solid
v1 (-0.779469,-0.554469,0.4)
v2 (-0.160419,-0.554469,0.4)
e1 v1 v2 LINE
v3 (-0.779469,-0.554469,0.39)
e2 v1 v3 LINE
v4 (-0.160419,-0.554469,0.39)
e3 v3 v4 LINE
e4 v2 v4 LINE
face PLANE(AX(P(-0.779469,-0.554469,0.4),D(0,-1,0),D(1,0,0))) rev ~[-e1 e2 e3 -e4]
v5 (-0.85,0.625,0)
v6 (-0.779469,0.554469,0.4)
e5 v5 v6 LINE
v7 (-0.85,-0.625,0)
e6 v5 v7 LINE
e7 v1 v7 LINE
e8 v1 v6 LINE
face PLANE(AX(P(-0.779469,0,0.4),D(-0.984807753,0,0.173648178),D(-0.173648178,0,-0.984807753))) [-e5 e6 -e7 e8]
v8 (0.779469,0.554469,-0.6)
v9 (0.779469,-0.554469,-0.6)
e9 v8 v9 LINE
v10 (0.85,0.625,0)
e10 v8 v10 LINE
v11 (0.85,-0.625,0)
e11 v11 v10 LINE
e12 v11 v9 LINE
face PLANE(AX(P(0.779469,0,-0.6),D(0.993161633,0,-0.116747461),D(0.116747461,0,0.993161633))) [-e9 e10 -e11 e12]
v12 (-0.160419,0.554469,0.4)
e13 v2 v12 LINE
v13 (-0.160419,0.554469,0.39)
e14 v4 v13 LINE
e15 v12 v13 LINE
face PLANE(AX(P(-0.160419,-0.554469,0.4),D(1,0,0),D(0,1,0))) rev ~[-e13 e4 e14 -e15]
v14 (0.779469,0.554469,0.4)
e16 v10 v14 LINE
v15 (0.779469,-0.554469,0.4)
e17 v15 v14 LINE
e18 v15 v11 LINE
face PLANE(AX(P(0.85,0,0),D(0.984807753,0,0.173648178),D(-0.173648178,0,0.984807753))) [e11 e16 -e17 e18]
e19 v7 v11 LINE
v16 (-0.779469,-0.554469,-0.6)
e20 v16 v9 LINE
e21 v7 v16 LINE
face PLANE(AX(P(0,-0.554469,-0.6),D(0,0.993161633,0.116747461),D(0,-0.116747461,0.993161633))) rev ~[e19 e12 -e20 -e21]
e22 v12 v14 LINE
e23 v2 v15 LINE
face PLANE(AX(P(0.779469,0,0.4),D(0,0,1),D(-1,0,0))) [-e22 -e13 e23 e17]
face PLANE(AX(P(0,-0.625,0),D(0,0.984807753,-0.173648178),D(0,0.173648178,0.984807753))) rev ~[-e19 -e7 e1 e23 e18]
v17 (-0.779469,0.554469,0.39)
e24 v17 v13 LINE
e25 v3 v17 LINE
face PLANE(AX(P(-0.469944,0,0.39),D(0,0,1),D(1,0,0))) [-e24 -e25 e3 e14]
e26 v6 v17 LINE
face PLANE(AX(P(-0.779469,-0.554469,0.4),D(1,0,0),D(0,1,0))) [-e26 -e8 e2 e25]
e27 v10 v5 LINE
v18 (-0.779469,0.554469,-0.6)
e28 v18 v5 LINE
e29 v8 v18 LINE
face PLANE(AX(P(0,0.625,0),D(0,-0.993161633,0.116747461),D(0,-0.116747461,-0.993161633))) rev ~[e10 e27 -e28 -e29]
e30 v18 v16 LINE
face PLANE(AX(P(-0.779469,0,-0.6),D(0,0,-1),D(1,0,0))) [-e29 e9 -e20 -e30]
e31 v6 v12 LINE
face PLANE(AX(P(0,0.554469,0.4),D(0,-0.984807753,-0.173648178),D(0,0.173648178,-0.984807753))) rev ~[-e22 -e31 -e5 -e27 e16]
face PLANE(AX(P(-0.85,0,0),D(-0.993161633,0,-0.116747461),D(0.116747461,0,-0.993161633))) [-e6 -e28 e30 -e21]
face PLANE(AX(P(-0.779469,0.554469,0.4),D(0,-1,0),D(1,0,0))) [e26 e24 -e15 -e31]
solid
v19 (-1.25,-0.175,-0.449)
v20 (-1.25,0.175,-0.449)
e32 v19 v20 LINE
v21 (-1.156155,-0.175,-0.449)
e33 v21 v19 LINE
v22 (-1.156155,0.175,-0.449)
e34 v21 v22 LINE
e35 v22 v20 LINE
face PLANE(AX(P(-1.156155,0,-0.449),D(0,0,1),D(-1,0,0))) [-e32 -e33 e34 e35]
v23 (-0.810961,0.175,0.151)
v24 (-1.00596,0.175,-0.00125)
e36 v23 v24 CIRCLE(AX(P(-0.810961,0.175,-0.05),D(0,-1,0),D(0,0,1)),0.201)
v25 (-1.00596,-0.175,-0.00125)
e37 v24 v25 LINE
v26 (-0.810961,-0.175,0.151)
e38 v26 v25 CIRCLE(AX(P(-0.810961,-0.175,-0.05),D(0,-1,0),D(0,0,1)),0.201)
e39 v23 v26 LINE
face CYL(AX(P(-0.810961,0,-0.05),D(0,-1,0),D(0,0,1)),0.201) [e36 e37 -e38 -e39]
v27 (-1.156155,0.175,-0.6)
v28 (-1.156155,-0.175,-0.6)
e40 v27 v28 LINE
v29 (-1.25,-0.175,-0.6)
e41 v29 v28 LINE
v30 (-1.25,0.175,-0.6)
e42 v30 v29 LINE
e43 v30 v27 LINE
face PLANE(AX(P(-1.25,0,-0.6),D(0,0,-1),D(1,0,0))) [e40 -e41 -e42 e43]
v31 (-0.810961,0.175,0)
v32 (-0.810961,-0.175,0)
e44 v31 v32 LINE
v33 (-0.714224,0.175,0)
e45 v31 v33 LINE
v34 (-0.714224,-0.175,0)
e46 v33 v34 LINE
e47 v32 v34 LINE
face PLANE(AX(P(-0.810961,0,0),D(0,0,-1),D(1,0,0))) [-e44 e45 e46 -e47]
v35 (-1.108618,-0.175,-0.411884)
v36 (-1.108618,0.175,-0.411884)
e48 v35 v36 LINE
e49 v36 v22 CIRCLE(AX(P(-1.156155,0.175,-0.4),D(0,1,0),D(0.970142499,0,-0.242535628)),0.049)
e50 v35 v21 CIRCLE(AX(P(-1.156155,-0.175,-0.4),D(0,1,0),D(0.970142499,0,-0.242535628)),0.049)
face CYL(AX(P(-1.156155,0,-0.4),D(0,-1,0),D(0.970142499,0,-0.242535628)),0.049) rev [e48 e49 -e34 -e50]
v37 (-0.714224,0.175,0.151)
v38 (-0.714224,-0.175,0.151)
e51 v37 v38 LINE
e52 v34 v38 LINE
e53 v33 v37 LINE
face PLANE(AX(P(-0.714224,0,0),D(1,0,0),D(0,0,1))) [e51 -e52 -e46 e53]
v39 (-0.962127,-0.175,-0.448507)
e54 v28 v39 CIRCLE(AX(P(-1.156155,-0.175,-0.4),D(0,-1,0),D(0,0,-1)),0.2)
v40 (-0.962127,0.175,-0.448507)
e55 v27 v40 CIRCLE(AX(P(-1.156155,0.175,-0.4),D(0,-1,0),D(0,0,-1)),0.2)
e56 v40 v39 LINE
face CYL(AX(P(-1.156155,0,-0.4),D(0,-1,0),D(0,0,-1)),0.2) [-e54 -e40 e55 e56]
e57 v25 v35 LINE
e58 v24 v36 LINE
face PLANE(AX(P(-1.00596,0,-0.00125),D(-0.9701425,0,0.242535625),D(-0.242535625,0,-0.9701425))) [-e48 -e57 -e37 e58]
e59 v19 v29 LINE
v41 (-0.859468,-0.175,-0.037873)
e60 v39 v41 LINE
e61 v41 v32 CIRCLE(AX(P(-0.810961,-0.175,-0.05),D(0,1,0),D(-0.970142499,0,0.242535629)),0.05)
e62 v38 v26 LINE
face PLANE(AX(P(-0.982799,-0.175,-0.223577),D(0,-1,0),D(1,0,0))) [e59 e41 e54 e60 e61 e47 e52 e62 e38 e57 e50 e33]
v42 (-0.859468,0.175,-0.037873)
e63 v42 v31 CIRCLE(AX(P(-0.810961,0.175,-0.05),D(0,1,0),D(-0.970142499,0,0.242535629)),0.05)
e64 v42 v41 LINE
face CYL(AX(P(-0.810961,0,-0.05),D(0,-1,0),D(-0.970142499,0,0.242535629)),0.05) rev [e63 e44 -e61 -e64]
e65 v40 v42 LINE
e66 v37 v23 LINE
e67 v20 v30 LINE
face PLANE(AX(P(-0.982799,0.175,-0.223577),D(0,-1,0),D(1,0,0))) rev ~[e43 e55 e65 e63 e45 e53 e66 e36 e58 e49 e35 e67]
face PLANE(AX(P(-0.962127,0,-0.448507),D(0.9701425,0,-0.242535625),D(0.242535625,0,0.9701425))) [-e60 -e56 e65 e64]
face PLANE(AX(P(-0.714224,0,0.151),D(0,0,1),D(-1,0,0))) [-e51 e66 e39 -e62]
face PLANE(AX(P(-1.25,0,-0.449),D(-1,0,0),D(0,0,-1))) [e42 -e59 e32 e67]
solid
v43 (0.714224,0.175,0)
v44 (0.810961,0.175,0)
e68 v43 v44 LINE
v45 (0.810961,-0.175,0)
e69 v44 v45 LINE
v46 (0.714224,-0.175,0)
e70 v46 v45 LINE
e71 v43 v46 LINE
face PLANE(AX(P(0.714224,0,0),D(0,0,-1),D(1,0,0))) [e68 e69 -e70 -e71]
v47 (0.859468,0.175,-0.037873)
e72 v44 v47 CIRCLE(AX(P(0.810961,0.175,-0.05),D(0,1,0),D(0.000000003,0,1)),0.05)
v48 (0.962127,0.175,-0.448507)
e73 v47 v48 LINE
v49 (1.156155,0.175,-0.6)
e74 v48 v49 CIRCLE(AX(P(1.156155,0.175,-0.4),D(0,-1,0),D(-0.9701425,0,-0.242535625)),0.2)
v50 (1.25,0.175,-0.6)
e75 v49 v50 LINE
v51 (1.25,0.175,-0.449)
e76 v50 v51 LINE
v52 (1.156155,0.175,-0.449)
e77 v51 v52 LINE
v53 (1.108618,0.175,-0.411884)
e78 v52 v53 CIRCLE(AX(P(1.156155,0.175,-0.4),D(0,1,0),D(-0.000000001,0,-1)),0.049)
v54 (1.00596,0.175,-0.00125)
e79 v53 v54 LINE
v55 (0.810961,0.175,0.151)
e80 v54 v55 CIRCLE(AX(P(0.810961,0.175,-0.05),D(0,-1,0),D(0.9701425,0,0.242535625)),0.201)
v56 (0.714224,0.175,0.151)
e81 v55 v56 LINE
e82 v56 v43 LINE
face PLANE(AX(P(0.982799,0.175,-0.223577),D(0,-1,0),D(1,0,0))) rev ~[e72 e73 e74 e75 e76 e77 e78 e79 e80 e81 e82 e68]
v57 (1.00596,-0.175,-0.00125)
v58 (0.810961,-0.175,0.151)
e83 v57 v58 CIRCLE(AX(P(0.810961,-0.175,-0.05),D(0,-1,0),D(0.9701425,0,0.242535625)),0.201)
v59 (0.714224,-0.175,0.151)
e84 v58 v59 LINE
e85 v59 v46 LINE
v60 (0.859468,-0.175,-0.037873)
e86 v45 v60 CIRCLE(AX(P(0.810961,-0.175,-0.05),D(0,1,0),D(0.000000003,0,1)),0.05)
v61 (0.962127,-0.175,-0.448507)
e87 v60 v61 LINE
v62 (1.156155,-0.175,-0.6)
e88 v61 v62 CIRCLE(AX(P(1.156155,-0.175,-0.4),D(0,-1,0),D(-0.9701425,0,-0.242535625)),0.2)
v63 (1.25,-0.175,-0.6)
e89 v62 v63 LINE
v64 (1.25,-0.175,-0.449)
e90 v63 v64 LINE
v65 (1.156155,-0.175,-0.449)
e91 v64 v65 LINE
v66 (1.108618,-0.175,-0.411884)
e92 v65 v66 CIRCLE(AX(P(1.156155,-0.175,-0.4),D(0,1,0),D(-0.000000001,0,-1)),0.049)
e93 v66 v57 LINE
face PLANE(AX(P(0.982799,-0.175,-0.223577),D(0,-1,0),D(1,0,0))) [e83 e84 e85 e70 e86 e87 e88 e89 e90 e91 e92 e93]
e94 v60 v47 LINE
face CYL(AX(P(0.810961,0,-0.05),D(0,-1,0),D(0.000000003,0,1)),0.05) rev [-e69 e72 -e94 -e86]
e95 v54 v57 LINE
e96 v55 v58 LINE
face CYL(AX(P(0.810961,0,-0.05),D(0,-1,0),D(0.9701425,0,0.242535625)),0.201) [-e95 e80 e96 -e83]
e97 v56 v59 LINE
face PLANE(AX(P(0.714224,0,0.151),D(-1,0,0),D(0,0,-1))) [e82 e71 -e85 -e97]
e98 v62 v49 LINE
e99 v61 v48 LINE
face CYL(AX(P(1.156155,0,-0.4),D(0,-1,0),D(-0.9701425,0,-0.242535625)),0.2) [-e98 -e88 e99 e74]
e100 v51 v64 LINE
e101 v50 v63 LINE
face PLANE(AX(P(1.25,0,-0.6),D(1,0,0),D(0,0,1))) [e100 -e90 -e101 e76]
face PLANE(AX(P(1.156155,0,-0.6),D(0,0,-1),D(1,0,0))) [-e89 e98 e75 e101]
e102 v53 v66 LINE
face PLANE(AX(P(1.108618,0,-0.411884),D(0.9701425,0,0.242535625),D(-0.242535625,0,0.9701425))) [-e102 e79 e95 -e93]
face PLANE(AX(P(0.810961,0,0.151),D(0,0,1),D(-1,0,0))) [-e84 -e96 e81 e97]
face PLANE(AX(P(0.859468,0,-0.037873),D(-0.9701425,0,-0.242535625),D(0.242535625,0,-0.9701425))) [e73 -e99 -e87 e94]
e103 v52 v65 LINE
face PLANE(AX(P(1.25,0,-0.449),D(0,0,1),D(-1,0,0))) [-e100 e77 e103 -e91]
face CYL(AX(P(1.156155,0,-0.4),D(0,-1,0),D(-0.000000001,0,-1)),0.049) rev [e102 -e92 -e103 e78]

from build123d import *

# Parameters (mm, degrees)
F1_DEPTH      = 0.625
F3_DEPTH      = 0.851
F3_DEPTH_BACK = 0.851
F5_DEPTH      = 0.175
F6_W          = 0.6190498838
F6_H          = 1.1089384154
F7_DEPTH      = 0.01


with BuildPart() as f1:
    # F0 (on Front) → F1 (new body, symmetric)
    with BuildSketch(Plane.XZ):
        Polygon((-0.7794692077, 0.4), (-0.85, 0), (0, 0), (0, 0.4), align=None)
        Polygon((0, 0), (-0.85, 0), (-0.7794692077, -0.6), (0, -0.6), align=None)
        Polygon((0, 0.4), (0, 0), (0.85, 0), (0.7794692077, 0.4), align=None)
        Polygon((0.85, 0), (0, 0), (0, -0.6), (0.7794692077, -0.6), align=None)
    extrude(amount=F1_DEPTH, both=True)

    # F2 (on Right) → F3 (cut, two sides)
    with BuildSketch(Plane.YZ) as f3_sk:
        Polygon((-0.625, 0.4), (-0.625, 0), (-0.5544692077, 0.4), align=None)
        Polygon((-0.5544692077, -0.6), (-0.625, 0), (-0.625, -0.6), align=None)
        Polygon((0.5544692077, -0.6), (0.625, -0.6), (0.625, 0), align=None)
        Polygon((0.5544692077, 0.4), (0.625, 0), (0.625, 0.4), align=None)
    extrude(amount=-F3_DEPTH, mode=Mode.SUBTRACT)
    extrude(f3_sk.sketch, amount=F3_DEPTH_BACK, mode=Mode.SUBTRACT)

    # F6 (on face) → F7 (cut)
    with BuildSketch(Plane.XY.offset(0.4)):
        with Locations((-0.4699442658, 0)):
            Rectangle(F6_W, F6_H)
    extrude(amount=-F7_DEPTH, mode=Mode.SUBTRACT)


with BuildPart() as f5:
    # F4 (on Front) → F5 (new body, symmetric)
    with BuildSketch(Plane.XZ):
        with BuildLine():
            Line((1.1561552813, -0.6), (1.25, -0.6))
            Line((1.25, -0.6), (1.25, -0.4489999779))
            Line((1.25, -0.4489999779), (1.1561552813, -0.4489999779))
            ThreePointArc((1.1561552813, -0.4489999779), (1.1260000966, -0.438622049), (1.1086183202, -0.4118842403))
            Line((1.1086183202, -0.4118842403), (1.0059598437, -0.001250334))
            ThreePointArc((1.0059598437, -0.001250334), (0.9346590474, 0.1084293105), (0.8109611797, 0.1510000221))
            Line((0.8109611797, 0.1510000221), (0.7142239483, 0.1510000221))
            Line((0.7142239483, 0.1510000221), (0.7142239483, 0))
            Line((0.7142239483, 0), (0.8109611797, 0))
            ThreePointArc((0.8109611797, 0), (0.8417317901, -0.0105897281), (0.8594683047, -0.0378732187))
            Line((0.8594683047, -0.0378732187), (0.9621267813, -0.448507125))
            ThreePointArc((0.9621267813, -0.448507125), (1.0330728394, -0.5576410876), (1.1561552813, -0.6))
        make_face()
    extrude(amount=F5_DEPTH, both=True)


with BuildPart() as f5b:
    # F4 (on Front) → F5, piece 2 (new body, symmetric)
    with BuildSketch(Plane.XZ):
        with BuildLine():
            Line((-1.25, -0.4489999779), (-1.25, -0.6))
            Line((-1.25, -0.6), (-1.1561552813, -0.6))
            ThreePointArc((-1.1561552813, -0.6), (-1.0330728394, -0.5576410876), (-0.9621267813, -0.448507125))
            Line((-0.9621267813, -0.448507125), (-0.8594683047, -0.0378732187))
            ThreePointArc((-0.8594683047, -0.0378732187), (-0.8417317901, -0.0105897281), (-0.8109611797, 0))
            Line((-0.8109611797, 0), (-0.7142239483, 0))
            Line((-0.7142239483, 0), (-0.7142239483, 0.1510000221))
            Line((-0.7142239483, 0.1510000221), (-0.8109611797, 0.1510000221))
            ThreePointArc((-0.8109611797, 0.1510000221), (-0.9346590474, 0.1084293105), (-1.0059598437, -0.001250334))
            Line((-1.0059598437, -0.001250334), (-1.1086183202, -0.4118842403))
            ThreePointArc((-1.1086183202, -0.4118842403), (-1.1260000966, -0.438622049), (-1.1561552813, -0.4489999779))
            Line((-1.1561552813, -0.4489999779), (-1.25, -0.4489999779))
        make_face()
    extrude(amount=F5_DEPTH, both=True)


solid = Compound([f1.part, f5.part, f5b.part])
